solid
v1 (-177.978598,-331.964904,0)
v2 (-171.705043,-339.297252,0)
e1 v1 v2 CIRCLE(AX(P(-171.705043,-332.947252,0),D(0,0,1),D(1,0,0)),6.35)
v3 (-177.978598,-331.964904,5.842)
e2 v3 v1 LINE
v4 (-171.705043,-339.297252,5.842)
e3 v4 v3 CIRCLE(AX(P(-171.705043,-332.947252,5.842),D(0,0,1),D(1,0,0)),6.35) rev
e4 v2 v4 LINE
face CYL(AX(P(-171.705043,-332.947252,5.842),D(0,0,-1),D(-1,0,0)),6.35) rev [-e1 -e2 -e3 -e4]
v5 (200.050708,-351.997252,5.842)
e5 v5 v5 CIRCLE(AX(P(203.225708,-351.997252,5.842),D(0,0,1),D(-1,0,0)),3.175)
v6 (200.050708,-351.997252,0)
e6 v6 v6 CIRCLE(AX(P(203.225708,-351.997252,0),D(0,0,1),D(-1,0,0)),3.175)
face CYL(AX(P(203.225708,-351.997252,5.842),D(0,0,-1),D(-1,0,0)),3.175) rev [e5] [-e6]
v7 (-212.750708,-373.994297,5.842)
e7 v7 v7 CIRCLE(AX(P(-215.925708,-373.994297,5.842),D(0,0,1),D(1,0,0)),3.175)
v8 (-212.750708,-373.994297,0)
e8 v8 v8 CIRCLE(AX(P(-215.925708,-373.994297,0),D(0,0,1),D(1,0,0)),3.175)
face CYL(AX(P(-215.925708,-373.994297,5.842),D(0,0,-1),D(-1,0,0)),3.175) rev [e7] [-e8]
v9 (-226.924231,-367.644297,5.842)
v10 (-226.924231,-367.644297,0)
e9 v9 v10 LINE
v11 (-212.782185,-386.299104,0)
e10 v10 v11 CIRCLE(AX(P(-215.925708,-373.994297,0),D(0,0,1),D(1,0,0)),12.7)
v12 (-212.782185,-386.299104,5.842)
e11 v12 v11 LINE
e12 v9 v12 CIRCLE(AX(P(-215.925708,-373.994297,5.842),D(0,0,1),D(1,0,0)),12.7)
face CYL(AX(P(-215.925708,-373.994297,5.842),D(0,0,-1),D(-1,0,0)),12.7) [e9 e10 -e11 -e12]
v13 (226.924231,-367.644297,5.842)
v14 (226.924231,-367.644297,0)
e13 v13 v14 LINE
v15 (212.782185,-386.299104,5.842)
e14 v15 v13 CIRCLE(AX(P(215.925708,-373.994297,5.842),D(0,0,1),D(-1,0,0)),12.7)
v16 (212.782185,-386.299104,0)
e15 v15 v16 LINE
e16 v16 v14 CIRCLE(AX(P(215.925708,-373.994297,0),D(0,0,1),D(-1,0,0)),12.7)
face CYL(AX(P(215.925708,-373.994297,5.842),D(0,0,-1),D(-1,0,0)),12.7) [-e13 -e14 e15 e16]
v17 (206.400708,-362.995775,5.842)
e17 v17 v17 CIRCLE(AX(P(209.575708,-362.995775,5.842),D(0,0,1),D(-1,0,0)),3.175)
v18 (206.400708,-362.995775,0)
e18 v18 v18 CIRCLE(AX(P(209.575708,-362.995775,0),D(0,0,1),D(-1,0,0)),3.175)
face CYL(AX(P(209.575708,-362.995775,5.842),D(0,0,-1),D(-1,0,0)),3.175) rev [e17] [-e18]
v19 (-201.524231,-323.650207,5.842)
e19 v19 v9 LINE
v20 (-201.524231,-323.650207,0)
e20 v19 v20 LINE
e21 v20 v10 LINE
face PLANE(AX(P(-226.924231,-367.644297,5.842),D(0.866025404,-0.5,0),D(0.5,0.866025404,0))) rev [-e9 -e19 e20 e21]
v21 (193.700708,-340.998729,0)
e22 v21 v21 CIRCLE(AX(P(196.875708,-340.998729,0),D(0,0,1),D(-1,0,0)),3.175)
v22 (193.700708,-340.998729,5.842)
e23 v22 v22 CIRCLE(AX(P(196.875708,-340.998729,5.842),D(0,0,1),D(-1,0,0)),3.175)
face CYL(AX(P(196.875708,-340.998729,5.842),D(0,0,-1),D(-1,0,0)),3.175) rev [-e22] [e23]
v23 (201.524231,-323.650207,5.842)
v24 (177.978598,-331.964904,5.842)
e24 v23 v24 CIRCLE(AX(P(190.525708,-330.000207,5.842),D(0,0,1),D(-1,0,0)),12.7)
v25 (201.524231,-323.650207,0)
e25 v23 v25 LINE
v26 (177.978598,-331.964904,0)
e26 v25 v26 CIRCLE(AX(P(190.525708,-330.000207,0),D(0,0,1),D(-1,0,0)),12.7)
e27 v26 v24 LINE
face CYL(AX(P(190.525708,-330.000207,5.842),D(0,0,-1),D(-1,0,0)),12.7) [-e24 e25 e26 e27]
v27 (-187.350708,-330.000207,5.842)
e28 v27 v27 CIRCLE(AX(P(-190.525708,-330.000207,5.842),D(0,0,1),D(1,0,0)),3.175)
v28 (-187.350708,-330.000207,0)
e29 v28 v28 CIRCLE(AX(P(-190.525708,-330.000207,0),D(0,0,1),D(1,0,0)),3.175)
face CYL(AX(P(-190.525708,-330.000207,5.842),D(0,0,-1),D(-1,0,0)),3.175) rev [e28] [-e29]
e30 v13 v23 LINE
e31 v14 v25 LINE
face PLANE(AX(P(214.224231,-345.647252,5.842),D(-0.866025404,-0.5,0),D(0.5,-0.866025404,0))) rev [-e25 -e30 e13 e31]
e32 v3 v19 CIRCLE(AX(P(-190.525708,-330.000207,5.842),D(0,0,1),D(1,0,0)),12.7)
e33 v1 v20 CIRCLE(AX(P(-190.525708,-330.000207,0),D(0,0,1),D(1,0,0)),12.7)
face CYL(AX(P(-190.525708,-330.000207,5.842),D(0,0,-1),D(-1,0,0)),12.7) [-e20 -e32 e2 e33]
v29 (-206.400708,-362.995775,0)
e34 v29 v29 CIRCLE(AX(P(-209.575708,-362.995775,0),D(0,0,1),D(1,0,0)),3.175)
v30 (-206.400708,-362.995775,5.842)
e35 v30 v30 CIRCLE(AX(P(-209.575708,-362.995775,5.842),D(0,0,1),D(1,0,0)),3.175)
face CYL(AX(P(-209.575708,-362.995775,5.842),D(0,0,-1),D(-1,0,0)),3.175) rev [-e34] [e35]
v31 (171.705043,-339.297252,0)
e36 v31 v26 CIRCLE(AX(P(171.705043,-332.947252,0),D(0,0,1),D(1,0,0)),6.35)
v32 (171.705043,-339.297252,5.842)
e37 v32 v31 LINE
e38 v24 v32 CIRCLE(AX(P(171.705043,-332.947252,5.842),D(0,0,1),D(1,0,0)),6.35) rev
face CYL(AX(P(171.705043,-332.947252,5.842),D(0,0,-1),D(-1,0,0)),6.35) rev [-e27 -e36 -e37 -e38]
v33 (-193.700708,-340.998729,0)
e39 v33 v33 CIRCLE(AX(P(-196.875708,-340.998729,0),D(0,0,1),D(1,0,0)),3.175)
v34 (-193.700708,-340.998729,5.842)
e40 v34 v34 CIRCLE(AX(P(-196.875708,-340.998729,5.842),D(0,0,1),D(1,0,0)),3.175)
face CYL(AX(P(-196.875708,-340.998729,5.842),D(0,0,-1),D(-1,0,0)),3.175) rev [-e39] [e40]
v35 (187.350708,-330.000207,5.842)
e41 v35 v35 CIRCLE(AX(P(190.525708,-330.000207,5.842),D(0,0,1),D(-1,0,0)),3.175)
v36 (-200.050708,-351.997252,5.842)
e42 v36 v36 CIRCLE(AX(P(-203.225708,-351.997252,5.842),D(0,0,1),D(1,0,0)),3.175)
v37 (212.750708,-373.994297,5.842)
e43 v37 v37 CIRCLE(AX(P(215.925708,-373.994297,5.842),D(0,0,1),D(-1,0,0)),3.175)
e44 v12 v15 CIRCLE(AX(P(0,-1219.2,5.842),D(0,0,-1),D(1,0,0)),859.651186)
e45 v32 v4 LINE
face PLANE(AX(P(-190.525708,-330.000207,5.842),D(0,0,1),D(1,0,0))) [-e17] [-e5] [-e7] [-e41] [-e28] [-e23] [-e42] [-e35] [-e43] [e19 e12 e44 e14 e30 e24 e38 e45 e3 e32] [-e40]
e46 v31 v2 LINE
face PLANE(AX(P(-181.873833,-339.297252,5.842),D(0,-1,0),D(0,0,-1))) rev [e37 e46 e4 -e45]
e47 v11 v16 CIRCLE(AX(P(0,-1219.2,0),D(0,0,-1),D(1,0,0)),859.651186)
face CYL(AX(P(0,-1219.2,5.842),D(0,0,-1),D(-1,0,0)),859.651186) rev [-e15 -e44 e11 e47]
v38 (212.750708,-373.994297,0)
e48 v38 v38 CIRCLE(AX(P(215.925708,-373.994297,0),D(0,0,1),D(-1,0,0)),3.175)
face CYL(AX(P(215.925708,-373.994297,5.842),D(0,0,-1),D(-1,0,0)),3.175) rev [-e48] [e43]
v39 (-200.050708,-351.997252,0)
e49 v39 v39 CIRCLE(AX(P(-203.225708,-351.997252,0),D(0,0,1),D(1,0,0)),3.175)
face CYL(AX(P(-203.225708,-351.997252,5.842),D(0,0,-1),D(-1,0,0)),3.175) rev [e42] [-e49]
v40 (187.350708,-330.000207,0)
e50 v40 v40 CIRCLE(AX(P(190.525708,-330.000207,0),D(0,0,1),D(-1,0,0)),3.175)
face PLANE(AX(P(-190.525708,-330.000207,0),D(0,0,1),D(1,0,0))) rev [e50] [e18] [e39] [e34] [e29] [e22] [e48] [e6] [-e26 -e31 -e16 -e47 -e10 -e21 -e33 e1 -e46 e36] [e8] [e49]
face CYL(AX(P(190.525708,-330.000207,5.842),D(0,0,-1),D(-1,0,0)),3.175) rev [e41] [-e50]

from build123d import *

# Parameters (mm, degrees)
SKETCH1_R           = 3.175
BOSS_EXTRUDE1_DEPTH = 5.842
FILLET1_R           = 6.35


with BuildPart() as part:
    # Sketch1 → Boss-Extrude1 (new body)
    with BuildSketch(Plane.XY):
        with BuildLine():
            Line((-226.924230888, -367.644297366), (-214.224230888, -345.64725211))
            Line((-214.224230888, -345.64725211), (-201.524230888, -323.650206854))
            ThreePointArc((-201.524230888, -323.650206854), (-182.614690973, -320.065127313), (-181.873832769, -339.29725211))
            Line((-181.873832769, -339.29725211), (181.873832769, -339.29725211))
            ThreePointArc((181.873832769, -339.29725211), (182.614690973, -320.065127313), (201.524230888, -323.650206854))
            Line((201.524230888, -323.650206854), (214.224230888, -345.64725211))
            Line((214.224230888, -345.64725211), (226.924230888, -367.644297366))
            ThreePointArc((226.924230888, -367.644297366), (226.046266682, -381.666604531), (212.782184711, -386.299103732))
            ThreePointArc((212.782184711, -386.299103732), (0, -359.548814266), (-212.782184711, -386.299103732))
            ThreePointArc((-212.782184711, -386.299103732), (-226.046266682, -381.666604531), (-226.924230888, -367.644297366))
        make_face()
        with Locations((-203.22570826, -351.99725211)):
            Circle(SKETCH1_R, mode=Mode.SUBTRACT)
        with Locations((-209.57570826, -362.995774738)):
            Circle(SKETCH1_R, mode=Mode.SUBTRACT)
        with Locations((-215.92570826, -373.994297366)):
            Circle(SKETCH1_R, mode=Mode.SUBTRACT)
        with Locations(Location((196.87570826, -340.998729482, 0), (0, 0, 180))):
            Circle(SKETCH1_R, mode=Mode.SUBTRACT)
        with Locations(Location((203.22570826, -351.99725211, 0), (0, 0, 180))):
            Circle(SKETCH1_R, mode=Mode.SUBTRACT)
        with Locations(Location((209.57570826, -362.995774738, 0), (0, 0, 180))):
            Circle(SKETCH1_R, mode=Mode.SUBTRACT)
        with Locations(Location((215.92570826, -373.994297366, 0), (0, 0, 180))):
            Circle(SKETCH1_R, mode=Mode.SUBTRACT)
        with Locations((-196.87570826, -340.998729482)):
            Circle(SKETCH1_R, mode=Mode.SUBTRACT)
        with Locations((-190.52570826, -330.000206854)):
            Circle(SKETCH1_R, mode=Mode.SUBTRACT)
        with Locations(Location((190.52570826, -330.000206854, 0), (0, 0, 180))):
            Circle(SKETCH1_R, mode=Mode.SUBTRACT)
    extrude(amount=BOSS_EXTRUDE1_DEPTH)

    # Fillet1
    fillet1_edges = [part.edges().sort_by_distance(p)[0] for p in [
        (-181.873832769, -339.29725211, 2.921),
        (181.873832769, -339.29725211, 2.921),
    ]]
    fillet(fillet1_edges, radius=FILLET1_R)


solid = part.part
